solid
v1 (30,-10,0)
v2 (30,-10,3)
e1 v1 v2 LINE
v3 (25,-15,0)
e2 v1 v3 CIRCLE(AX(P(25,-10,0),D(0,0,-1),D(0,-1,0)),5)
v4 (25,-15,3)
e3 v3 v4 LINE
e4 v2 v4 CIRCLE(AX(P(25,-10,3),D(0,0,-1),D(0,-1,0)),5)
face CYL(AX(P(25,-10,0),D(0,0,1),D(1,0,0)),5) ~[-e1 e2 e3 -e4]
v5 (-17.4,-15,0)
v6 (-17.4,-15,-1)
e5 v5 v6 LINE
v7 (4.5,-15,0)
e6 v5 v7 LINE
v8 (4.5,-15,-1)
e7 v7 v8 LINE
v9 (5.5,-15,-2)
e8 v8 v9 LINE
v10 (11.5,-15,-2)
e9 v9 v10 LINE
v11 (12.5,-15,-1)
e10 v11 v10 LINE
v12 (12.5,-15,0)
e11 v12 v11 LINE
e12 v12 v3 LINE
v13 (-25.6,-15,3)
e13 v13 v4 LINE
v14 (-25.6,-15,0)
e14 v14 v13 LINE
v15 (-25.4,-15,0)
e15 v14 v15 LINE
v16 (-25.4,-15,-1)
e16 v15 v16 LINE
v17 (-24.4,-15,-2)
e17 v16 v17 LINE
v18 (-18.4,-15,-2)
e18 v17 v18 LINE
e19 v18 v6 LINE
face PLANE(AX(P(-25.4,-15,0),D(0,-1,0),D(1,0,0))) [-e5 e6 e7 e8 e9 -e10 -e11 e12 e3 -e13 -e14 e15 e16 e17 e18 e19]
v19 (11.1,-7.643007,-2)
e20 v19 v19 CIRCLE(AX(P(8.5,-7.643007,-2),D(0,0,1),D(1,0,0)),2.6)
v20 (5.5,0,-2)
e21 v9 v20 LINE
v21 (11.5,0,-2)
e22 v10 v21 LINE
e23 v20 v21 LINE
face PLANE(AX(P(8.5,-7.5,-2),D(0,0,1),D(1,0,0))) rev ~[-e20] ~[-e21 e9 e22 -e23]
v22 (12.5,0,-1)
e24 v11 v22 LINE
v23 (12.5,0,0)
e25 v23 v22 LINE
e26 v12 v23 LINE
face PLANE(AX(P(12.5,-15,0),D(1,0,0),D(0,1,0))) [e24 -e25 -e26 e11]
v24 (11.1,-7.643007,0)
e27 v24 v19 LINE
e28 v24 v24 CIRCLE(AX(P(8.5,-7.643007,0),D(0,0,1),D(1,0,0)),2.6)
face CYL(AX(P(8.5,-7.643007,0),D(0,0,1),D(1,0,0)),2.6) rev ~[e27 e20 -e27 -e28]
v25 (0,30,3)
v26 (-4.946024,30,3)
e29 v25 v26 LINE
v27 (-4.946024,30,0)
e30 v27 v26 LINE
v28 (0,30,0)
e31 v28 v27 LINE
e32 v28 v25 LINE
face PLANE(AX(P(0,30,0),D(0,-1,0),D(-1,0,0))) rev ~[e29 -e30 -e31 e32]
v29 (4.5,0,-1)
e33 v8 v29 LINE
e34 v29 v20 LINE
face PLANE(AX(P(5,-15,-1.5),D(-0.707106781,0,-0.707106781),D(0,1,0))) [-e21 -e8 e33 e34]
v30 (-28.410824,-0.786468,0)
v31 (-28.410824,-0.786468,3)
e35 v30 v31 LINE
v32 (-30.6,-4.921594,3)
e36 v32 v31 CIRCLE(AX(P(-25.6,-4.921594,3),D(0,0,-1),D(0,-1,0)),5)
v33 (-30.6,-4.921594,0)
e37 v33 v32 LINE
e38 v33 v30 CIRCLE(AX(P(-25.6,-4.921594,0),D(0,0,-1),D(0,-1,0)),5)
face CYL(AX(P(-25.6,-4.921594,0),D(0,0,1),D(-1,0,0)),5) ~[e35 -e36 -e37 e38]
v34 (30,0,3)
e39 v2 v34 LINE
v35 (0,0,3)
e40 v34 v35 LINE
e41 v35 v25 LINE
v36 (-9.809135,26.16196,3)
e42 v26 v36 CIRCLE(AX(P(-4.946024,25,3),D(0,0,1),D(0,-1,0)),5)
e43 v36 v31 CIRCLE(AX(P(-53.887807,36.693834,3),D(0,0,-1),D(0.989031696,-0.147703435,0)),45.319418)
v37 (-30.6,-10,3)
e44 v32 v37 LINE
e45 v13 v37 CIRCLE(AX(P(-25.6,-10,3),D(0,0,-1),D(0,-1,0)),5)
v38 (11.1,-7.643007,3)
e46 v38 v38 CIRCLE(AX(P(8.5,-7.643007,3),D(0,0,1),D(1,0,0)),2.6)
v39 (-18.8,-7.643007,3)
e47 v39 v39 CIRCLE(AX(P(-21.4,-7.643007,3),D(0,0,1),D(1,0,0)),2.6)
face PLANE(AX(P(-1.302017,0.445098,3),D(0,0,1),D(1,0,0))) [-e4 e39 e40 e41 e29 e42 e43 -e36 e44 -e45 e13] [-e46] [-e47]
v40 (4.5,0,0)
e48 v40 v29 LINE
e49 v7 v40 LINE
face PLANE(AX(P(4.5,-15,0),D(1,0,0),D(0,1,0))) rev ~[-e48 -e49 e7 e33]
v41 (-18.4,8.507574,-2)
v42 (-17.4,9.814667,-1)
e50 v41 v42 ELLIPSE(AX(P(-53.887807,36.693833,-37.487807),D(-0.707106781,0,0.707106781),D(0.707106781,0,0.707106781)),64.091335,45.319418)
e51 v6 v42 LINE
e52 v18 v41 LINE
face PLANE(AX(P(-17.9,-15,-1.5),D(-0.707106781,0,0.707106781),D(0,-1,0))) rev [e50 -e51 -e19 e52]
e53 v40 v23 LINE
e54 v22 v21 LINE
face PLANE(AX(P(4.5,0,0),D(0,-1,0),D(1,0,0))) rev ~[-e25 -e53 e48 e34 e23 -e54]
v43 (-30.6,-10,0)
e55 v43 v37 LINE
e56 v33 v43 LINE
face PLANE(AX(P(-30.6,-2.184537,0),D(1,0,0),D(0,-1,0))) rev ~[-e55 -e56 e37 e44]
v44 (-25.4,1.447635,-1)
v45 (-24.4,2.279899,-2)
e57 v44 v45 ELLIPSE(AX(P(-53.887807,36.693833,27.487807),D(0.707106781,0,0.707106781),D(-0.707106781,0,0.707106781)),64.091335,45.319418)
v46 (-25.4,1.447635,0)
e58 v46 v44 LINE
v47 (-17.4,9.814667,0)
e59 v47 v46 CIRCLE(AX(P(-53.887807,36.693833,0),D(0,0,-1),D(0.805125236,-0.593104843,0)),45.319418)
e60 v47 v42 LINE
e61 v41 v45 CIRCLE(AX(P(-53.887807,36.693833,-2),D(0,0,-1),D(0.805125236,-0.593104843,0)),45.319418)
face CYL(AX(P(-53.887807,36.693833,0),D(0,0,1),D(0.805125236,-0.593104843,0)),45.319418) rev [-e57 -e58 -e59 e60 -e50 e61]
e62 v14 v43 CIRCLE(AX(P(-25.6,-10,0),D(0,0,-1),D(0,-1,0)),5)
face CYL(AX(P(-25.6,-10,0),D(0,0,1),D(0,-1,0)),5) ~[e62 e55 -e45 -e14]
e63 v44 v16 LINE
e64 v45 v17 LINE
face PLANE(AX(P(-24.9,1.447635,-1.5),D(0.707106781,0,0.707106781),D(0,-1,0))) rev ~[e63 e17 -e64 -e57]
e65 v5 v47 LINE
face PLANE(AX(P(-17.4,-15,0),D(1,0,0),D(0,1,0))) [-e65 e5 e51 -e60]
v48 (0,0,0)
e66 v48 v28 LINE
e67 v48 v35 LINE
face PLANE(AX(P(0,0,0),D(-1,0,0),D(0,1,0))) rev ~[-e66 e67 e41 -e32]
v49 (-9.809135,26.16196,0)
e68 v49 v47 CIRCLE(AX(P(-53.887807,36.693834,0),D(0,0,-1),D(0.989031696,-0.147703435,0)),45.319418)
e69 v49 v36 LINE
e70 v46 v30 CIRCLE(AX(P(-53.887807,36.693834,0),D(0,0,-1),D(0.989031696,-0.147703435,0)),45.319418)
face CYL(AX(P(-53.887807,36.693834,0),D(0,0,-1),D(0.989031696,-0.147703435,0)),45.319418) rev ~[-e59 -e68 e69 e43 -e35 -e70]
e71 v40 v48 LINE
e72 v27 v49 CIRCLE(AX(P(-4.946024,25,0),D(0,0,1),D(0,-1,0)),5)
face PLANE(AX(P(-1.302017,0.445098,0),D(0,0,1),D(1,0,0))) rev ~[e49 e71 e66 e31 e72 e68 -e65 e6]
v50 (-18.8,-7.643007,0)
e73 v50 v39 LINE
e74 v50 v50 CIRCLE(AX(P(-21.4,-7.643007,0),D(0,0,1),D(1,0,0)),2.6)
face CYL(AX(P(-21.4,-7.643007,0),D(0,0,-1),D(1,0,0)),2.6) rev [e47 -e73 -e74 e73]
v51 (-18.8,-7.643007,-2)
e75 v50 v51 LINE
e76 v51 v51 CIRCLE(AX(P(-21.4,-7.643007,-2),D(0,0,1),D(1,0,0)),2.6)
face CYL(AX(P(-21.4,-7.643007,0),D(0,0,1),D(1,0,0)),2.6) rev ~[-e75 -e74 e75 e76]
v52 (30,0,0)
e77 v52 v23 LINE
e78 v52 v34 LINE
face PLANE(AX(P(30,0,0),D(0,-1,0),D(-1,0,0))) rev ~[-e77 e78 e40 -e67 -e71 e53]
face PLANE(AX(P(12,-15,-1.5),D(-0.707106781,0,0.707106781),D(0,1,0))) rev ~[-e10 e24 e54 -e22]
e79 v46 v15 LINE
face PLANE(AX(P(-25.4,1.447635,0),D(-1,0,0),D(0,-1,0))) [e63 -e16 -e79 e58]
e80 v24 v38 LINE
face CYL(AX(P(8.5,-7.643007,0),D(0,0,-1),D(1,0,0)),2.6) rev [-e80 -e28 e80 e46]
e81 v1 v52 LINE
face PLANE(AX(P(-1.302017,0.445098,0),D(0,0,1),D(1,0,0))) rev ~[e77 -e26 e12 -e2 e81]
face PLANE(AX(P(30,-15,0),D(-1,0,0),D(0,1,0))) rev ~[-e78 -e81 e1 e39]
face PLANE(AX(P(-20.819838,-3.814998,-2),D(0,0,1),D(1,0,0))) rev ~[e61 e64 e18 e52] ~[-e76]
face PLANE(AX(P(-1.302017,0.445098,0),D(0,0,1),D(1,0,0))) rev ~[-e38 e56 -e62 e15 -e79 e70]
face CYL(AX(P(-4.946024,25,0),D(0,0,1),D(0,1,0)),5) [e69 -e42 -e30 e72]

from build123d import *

# Parameters (mm, degrees)
F0_R     = 2.6
F1_DEPTH = 3
F2_R     = 5
F3_R     = 2.6
F3_W     = 8
F3_H     = 15
F4_DEPTH = 2
F5_SIZE  = 1


with BuildPart() as f1:
    # F0 (on Top) → F1 (new body)
    with BuildSketch(Plane.XY):
        with BuildLine():
            Line((30, 0), (0, 0))
            Line((0, 0), (0, 30))
            Line((0, 30), (-9.065466, 30))
            ThreePointArc((-9.065466, 30), (-16.222051, 11.49184), (-30.6, -2.184537))
            Line((-30.6, -2.184537), (-30.6, -15))
            Line((-30.6, -15), (30, -15))
            Line((30, -15), (30, 0))
        make_face()
        with Locations((-21.4, -7.643007)):
            Circle(F0_R, mode=Mode.SUBTRACT)
        with Locations((8.5, -7.643007)):
            Circle(F0_R, mode=Mode.SUBTRACT)
    extrude(amount=F1_DEPTH)

    # F2
    f2_edges = [f1.edges().sort_by_distance(p)[0] for p in [
        (-30.6, -15, 1.5),
        (-30.6, -2.184537, 1.5),
        (30, -15, 1.5),
        (-9.065466, 30, 1.5),
    ]]
    fillet(f2_edges, radius=F2_R)

    # F3 (on face) → F4 (join)
    with BuildSketch(Plane.XY):
        with BuildLine():
            Line((-25.4, 1.447635), (-25.4, -15))
            Line((-25.4, -15), (-17.4, -15))
            Line((-17.4, -15), (-17.4, 9.814667))
            ThreePointArc((-17.4, 9.814667), (-21.131748, 5.374666), (-25.4, 1.447635))
        make_face()
        with Locations((-21.4, -7.643007)):
            Circle(F3_R, mode=Mode.SUBTRACT)
        with Locations((8.5, -7.5)):
            Rectangle(F3_W, F3_H)
        with Locations((8.5, -7.643007)):
            Circle(F3_R, mode=Mode.SUBTRACT)
    extrude(amount=-F4_DEPTH)

    # F5
    f5_edges = [f1.edges().sort_by_distance(p)[0] for p in [
        (-25.4, -6.776183, -2),
        (-17.4, -2.592667, -2),
        (4.5, -7.5, -2),
        (12.5, -7.5, -2),
    ]]
    chamfer(f5_edges, length=F5_SIZE)


solid = f1.part
